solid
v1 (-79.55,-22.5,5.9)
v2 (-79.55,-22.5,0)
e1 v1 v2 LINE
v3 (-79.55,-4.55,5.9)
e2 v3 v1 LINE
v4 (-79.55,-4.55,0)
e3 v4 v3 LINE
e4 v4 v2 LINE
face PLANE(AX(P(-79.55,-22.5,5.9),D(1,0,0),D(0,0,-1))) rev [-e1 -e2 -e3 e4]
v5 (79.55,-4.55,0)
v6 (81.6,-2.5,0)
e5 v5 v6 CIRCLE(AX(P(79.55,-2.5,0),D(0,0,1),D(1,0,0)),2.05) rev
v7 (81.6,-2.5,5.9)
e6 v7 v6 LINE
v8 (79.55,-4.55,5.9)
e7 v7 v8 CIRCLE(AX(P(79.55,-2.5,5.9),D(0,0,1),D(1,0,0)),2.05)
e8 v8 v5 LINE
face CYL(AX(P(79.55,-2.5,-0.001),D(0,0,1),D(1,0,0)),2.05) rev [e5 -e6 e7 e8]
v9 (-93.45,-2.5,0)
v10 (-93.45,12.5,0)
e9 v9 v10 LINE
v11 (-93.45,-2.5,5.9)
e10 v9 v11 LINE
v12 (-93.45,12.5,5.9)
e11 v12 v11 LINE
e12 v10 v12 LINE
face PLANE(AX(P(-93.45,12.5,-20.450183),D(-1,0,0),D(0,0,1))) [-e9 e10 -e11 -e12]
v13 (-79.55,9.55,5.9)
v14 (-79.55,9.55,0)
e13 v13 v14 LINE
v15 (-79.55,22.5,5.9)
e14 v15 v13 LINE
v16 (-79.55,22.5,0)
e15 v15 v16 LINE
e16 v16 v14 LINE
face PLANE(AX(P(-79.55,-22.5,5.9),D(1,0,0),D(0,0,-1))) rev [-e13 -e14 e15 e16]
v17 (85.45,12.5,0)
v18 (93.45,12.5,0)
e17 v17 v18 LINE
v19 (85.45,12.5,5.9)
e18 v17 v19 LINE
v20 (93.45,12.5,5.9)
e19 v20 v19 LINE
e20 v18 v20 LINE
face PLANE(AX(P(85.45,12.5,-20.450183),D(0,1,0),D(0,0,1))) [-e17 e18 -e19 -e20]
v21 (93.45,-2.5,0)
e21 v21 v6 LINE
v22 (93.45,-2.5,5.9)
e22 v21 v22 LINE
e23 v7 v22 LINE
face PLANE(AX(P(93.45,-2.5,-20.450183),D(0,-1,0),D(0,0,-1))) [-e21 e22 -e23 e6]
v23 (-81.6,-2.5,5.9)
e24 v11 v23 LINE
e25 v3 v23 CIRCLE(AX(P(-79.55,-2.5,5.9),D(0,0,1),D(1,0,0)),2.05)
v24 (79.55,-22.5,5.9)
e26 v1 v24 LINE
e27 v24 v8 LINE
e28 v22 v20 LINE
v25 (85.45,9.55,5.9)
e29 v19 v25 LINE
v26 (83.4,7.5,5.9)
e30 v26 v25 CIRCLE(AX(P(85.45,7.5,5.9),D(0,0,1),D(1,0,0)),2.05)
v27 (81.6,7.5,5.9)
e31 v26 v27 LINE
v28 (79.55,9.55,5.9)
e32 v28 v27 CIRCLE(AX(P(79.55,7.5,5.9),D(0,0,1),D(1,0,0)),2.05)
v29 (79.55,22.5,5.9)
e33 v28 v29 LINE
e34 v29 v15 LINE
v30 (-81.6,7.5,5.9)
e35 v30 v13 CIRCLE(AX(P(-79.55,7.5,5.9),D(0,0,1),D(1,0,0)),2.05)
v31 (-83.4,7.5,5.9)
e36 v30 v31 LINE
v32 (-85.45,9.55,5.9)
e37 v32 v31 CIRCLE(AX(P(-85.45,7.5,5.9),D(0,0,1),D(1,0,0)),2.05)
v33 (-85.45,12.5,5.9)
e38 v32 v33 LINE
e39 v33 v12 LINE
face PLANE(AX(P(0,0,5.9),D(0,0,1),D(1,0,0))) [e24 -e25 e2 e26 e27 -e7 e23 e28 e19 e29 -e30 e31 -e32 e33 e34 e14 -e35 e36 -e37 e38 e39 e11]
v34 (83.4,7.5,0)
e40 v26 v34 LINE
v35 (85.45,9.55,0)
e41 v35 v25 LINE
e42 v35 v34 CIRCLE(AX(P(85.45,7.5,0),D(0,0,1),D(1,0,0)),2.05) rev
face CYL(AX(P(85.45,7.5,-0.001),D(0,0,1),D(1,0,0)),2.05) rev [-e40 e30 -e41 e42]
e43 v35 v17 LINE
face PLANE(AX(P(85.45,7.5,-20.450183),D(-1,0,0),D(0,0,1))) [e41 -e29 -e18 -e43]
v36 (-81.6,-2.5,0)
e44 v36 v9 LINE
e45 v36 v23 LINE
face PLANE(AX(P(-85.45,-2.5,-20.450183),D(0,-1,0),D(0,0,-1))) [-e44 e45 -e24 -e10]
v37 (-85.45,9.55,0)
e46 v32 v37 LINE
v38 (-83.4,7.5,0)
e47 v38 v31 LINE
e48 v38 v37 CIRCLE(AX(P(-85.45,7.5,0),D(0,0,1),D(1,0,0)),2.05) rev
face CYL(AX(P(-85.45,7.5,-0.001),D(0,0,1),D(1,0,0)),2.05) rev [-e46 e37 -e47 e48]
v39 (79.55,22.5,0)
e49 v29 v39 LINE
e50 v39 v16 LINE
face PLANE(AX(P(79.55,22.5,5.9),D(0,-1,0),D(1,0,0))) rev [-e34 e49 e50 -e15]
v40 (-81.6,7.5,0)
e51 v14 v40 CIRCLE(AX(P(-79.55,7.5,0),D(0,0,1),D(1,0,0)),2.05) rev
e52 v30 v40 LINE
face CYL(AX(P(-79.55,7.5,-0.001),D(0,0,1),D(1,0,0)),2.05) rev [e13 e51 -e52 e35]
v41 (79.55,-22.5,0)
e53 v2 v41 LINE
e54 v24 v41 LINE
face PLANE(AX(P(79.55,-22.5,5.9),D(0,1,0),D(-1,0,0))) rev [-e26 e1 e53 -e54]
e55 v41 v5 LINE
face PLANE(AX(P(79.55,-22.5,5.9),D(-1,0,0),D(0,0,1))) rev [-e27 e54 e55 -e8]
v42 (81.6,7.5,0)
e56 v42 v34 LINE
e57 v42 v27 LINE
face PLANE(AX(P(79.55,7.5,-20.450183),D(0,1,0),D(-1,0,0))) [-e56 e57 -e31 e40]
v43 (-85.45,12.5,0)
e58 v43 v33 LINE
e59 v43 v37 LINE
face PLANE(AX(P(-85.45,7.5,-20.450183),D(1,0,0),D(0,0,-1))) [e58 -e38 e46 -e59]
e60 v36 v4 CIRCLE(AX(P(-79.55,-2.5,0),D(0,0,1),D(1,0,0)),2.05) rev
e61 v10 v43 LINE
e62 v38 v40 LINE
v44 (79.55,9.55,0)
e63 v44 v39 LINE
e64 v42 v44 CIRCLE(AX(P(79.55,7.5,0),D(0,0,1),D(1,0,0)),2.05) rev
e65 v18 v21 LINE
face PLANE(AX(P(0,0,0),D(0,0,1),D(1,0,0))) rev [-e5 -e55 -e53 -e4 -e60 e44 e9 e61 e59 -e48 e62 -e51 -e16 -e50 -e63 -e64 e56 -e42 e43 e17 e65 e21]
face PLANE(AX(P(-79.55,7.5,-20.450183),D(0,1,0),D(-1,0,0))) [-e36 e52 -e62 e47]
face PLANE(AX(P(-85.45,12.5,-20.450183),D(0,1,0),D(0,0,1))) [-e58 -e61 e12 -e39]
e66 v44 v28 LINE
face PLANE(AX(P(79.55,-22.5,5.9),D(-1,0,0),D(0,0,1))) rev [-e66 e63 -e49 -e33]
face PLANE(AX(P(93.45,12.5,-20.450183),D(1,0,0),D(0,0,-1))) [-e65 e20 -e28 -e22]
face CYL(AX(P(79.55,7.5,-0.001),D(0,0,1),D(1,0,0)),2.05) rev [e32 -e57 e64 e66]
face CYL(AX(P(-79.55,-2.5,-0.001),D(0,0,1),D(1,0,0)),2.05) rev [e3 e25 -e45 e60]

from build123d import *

# Parameters (mm, degrees)
SKETCH1_W           = 159.1
SKETCH1_H           = 45
BOSS_EXTRUDE1_DEPTH = 5.9
BOSS_EXTRUDE3_DEPTH = 5.9
CUT_EXTRUDE1_REACH  = 7.9
SKETCH4_R           = 2.05


with BuildPart() as part:
    # Sketch1 → Boss-Extrude1 (new body)
    with BuildSketch(Plane.XY):
        Rectangle(SKETCH1_W, SKETCH1_H)
    extrude(amount=BOSS_EXTRUDE1_DEPTH)

    # Sketch3 → Boss-Extrude3 (add)
    with BuildSketch(Plane.XY.offset(5.9)):
        Polygon((-79.55, 7.5), (-85.45, 7.5), (-85.45, 12.5), (-93.45, 12.5), (-93.45, -2.5), (-85.45, -2.5), (-79.55, -2.5), align=None)
        Polygon((79.55, -2.5), (79.55, 7.5), (85.45, 7.5), (85.45, 12.5), (93.45, 12.5), (93.45, -2.5), (85.45, -2.5), align=None)
    extrude(amount=-BOSS_EXTRUDE3_DEPTH)

    # Sketch4 → Cut-Extrude1 (cut, up to next)
    with BuildSketch(Plane.XY.offset(5.9), mode=Mode.PRIVATE) as cut_extrude1_sk1:
        with Locations((-79.55, 7.5)):
            Circle(SKETCH4_R)
    cut_extrude1_tool1 = extrude(cut_extrude1_sk1.sketch, amount=-CUT_EXTRUDE1_REACH, mode=Mode.PRIVATE) & part.part
    add(cut_extrude1_tool1.solids().sort_by_distance((-79.55, 7.5, 5.9))[0], mode=Mode.SUBTRACT)
    # Sketch4 → Cut-Extrude1 (cut, up to next)
    with BuildSketch(Plane.XY.offset(5.9), mode=Mode.PRIVATE) as cut_extrude1_sk2:
        with Locations((-79.55, -2.5)):
            Circle(SKETCH4_R)
    cut_extrude1_tool2 = extrude(cut_extrude1_sk2.sketch, amount=-CUT_EXTRUDE1_REACH, mode=Mode.PRIVATE) & part.part
    add(cut_extrude1_tool2.solids().sort_by_distance((-79.55, -2.5, 5.9))[0], mode=Mode.SUBTRACT)
    # Sketch4 → Cut-Extrude1 (cut, up to next)
    with BuildSketch(Plane.XY.offset(5.9), mode=Mode.PRIVATE) as cut_extrude1_sk3:
        with Locations((79.55, -2.5)):
            Circle(SKETCH4_R)
    cut_extrude1_tool3 = extrude(cut_extrude1_sk3.sketch, amount=-CUT_EXTRUDE1_REACH, mode=Mode.PRIVATE) & part.part
    add(cut_extrude1_tool3.solids().sort_by_distance((79.55, -2.5, 5.9))[0], mode=Mode.SUBTRACT)
    # Sketch4 → Cut-Extrude1 (cut, up to next)
    with BuildSketch(Plane.XY.offset(5.9), mode=Mode.PRIVATE) as cut_extrude1_sk4:
        with Locations((79.55, 7.5)):
            Circle(SKETCH4_R)
    cut_extrude1_tool4 = extrude(cut_extrude1_sk4.sketch, amount=-CUT_EXTRUDE1_REACH, mode=Mode.PRIVATE) & part.part
    add(cut_extrude1_tool4.solids().sort_by_distance((79.55, 7.5, 5.9))[0], mode=Mode.SUBTRACT)
    # Sketch4 → Cut-Extrude1 (cut, up to next)
    with BuildSketch(Plane.XY.offset(5.9), mode=Mode.PRIVATE) as cut_extrude1_sk5:
        with Locations((-85.45, 7.5)):
            Circle(SKETCH4_R)
    cut_extrude1_tool5 = extrude(cut_extrude1_sk5.sketch, amount=-CUT_EXTRUDE1_REACH, mode=Mode.PRIVATE) & part.part
    add(cut_extrude1_tool5.solids().sort_by_distance((-85.45, 7.5, 5.9))[0], mode=Mode.SUBTRACT)
    # Sketch4 → Cut-Extrude1 (cut, up to next)
    with BuildSketch(Plane.XY.offset(5.9), mode=Mode.PRIVATE) as cut_extrude1_sk6:
        with Locations((85.45, 7.5)):
            Circle(SKETCH4_R)
    cut_extrude1_tool6 = extrude(cut_extrude1_sk6.sketch, amount=-CUT_EXTRUDE1_REACH, mode=Mode.PRIVATE) & part.part
    add(cut_extrude1_tool6.solids().sort_by_distance((85.45, 7.5, 5.9))[0], mode=Mode.SUBTRACT)


solid = part.part
